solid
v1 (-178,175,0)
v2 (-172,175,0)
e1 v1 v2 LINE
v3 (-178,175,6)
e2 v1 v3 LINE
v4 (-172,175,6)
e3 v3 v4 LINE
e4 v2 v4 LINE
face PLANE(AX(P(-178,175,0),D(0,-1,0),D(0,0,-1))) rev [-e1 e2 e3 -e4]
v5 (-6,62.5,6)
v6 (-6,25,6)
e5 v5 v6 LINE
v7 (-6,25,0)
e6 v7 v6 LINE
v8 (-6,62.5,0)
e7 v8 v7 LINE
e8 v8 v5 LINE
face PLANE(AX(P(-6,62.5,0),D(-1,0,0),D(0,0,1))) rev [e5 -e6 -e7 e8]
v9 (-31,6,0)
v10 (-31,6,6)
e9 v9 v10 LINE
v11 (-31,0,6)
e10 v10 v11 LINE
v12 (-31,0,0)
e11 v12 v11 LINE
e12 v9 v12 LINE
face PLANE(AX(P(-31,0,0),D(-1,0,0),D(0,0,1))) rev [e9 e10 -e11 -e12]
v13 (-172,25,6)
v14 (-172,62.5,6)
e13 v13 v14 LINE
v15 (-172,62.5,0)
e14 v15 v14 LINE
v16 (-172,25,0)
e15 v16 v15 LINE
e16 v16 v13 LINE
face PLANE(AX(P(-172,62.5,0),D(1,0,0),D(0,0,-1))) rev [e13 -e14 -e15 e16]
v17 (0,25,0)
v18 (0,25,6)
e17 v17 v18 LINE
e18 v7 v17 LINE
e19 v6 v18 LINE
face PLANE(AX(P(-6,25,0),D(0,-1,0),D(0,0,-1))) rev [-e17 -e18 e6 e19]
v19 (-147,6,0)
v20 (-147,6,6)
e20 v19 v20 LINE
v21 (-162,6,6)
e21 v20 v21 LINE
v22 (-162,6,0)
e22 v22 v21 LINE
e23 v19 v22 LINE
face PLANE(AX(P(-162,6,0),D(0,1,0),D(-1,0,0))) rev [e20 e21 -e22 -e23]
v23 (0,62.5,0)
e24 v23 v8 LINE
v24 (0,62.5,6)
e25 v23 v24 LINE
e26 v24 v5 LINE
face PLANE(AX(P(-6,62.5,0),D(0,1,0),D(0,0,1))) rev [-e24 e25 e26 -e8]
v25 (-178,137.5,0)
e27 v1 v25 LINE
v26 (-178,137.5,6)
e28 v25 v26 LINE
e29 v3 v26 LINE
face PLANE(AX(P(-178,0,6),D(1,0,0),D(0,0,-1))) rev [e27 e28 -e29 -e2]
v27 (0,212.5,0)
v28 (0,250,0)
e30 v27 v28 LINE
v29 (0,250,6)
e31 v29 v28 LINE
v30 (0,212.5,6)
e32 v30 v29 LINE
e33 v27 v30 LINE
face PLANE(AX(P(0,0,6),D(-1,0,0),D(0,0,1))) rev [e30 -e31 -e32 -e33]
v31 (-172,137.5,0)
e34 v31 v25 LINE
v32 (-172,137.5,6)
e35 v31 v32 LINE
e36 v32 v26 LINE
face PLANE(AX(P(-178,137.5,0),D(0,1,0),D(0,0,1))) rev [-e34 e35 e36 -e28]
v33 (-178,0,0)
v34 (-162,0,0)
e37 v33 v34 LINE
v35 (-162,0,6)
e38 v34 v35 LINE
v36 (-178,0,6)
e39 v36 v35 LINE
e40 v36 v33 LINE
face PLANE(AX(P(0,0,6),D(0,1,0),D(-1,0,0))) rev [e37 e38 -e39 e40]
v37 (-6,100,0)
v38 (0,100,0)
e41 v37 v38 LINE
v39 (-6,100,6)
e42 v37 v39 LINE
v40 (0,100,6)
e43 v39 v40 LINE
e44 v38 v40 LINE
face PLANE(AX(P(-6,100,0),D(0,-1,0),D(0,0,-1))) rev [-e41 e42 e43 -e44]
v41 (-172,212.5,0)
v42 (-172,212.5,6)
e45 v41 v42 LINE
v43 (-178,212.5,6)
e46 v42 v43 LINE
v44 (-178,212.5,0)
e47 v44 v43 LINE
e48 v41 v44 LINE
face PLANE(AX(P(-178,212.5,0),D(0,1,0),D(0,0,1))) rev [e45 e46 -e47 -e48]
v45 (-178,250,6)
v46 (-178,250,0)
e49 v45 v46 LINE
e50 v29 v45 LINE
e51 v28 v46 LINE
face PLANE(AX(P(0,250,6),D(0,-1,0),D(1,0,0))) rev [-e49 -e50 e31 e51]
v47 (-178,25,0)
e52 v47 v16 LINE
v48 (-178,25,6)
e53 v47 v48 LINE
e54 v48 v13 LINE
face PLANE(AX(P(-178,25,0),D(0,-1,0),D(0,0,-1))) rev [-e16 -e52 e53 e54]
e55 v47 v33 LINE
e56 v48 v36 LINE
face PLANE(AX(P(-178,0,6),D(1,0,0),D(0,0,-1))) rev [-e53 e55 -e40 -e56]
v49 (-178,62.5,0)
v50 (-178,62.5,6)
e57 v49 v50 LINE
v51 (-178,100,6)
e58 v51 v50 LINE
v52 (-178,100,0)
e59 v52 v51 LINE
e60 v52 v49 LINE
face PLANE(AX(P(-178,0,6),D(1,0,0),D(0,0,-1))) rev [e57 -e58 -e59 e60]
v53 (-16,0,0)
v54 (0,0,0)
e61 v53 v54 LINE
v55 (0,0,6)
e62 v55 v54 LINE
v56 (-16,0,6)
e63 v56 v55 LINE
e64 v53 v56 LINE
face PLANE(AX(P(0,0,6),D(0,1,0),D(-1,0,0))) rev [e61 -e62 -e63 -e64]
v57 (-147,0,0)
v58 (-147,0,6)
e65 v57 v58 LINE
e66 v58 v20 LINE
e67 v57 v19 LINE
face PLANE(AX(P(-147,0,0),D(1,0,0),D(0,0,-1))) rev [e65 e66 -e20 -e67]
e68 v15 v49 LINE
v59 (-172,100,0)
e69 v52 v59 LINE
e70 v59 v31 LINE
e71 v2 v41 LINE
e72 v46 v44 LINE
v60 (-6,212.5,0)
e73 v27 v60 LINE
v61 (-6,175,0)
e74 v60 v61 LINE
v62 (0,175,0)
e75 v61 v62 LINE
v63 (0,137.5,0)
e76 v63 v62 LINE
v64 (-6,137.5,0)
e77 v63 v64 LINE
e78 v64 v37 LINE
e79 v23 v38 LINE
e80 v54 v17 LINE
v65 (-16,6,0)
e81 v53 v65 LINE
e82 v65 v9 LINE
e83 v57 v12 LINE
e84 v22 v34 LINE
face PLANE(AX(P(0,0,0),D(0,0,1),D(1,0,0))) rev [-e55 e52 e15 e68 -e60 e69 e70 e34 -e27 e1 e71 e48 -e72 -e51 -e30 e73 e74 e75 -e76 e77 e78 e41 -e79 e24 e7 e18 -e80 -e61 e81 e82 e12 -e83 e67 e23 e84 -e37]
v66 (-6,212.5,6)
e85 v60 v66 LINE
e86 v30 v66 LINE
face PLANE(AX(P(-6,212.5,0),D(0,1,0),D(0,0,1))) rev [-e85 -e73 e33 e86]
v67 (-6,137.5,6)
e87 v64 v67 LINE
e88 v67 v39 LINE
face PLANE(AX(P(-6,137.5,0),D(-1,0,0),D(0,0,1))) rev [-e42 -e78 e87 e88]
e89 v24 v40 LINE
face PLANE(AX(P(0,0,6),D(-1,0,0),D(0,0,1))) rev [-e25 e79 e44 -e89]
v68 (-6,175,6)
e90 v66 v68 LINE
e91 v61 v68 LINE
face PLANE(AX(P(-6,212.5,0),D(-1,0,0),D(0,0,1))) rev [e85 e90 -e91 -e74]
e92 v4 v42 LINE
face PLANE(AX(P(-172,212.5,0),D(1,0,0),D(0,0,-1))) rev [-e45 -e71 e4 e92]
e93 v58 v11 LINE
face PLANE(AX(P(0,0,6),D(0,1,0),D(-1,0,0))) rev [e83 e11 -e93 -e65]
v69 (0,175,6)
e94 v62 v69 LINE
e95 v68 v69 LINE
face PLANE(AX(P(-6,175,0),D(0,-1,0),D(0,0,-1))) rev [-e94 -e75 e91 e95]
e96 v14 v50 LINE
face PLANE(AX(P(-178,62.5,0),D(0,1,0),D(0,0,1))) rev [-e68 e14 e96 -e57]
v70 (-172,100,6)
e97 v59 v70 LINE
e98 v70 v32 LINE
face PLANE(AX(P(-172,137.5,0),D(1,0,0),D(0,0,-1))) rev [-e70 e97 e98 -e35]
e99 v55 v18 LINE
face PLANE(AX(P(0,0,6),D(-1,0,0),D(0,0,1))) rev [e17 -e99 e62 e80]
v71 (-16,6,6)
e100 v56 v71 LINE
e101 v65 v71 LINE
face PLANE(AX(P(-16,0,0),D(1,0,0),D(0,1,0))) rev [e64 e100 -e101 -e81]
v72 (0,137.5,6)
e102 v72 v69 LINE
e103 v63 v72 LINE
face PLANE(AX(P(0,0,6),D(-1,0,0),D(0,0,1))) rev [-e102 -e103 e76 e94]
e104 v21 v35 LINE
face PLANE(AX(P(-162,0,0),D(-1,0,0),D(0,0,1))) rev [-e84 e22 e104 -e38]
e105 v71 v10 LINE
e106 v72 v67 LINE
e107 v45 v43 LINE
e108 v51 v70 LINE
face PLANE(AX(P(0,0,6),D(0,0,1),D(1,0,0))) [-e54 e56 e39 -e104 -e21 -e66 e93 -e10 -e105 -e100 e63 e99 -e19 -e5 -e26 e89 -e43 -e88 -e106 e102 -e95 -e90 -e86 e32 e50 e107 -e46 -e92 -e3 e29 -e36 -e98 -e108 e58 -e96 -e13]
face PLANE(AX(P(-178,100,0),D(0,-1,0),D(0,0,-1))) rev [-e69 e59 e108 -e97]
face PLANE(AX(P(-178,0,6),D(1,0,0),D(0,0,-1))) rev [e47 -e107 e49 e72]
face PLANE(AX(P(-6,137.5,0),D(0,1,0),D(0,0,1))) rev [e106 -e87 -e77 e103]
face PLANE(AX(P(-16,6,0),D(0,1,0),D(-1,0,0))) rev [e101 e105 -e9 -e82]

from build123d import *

# Parameters (mm, degrees)
SKETCH1_W            = 178
SKETCH1_H            = 250
BOSS_EXTRUDE1_DEPTH  = 6
SKETCH2_W            = 6
SKETCH2_H            = 37.5
CUT_EXTRUDE1_DEPTH   = 6
LPATTERN1_COUNT      = 3
LPATTERN1_PITCH      = 75
LPATTERN1_COUNT_DIR2 = 2
LPATTERN1_PITCH_DIR2 = 172
SKETCH3_W            = 15
SKETCH3_H            = 6
CUT_EXTRUDE2_DEPTH   = 307.952765096


with BuildPart() as part:
    # Sketch1 → Boss-Extrude1 (new body)
    with BuildSketch(Plane.XY):
        with Locations((-89, 125)):
            Rectangle(SKETCH1_W, SKETCH1_H)
    extrude(amount=BOSS_EXTRUDE1_DEPTH)

    # Sketch2 → Cut-Extrude1 (cut)
    with BuildSketch(Plane.XY.offset(6)):
        with Locations((-175, 193.75)):
            Rectangle(SKETCH2_W, SKETCH2_H)
    cut_extrude1 = extrude(amount=-CUT_EXTRUDE1_DEPTH, mode=Mode.SUBTRACT)

    # LPattern1: Cut-Extrude1 3 × 2
    with Locations(*[(j * LPATTERN1_PITCH_DIR2, -i * LPATTERN1_PITCH, 0) for i in range(LPATTERN1_COUNT) for j in range(LPATTERN1_COUNT_DIR2) if (i, j) != (0, 0)]):
        add(cut_extrude1, mode=Mode.SUBTRACT)

    # Sketch3 → Cut-Extrude2 (cut, through all)
    with BuildSketch(Plane.XY.offset(6)):
        with Locations((-23.5, 3)):
            Rectangle(SKETCH3_W, SKETCH3_H)
        with Locations((-154.5, 3)):
            Rectangle(SKETCH3_W, SKETCH3_H)
    extrude(amount=-CUT_EXTRUDE2_DEPTH, mode=Mode.SUBTRACT)


solid = part.part
